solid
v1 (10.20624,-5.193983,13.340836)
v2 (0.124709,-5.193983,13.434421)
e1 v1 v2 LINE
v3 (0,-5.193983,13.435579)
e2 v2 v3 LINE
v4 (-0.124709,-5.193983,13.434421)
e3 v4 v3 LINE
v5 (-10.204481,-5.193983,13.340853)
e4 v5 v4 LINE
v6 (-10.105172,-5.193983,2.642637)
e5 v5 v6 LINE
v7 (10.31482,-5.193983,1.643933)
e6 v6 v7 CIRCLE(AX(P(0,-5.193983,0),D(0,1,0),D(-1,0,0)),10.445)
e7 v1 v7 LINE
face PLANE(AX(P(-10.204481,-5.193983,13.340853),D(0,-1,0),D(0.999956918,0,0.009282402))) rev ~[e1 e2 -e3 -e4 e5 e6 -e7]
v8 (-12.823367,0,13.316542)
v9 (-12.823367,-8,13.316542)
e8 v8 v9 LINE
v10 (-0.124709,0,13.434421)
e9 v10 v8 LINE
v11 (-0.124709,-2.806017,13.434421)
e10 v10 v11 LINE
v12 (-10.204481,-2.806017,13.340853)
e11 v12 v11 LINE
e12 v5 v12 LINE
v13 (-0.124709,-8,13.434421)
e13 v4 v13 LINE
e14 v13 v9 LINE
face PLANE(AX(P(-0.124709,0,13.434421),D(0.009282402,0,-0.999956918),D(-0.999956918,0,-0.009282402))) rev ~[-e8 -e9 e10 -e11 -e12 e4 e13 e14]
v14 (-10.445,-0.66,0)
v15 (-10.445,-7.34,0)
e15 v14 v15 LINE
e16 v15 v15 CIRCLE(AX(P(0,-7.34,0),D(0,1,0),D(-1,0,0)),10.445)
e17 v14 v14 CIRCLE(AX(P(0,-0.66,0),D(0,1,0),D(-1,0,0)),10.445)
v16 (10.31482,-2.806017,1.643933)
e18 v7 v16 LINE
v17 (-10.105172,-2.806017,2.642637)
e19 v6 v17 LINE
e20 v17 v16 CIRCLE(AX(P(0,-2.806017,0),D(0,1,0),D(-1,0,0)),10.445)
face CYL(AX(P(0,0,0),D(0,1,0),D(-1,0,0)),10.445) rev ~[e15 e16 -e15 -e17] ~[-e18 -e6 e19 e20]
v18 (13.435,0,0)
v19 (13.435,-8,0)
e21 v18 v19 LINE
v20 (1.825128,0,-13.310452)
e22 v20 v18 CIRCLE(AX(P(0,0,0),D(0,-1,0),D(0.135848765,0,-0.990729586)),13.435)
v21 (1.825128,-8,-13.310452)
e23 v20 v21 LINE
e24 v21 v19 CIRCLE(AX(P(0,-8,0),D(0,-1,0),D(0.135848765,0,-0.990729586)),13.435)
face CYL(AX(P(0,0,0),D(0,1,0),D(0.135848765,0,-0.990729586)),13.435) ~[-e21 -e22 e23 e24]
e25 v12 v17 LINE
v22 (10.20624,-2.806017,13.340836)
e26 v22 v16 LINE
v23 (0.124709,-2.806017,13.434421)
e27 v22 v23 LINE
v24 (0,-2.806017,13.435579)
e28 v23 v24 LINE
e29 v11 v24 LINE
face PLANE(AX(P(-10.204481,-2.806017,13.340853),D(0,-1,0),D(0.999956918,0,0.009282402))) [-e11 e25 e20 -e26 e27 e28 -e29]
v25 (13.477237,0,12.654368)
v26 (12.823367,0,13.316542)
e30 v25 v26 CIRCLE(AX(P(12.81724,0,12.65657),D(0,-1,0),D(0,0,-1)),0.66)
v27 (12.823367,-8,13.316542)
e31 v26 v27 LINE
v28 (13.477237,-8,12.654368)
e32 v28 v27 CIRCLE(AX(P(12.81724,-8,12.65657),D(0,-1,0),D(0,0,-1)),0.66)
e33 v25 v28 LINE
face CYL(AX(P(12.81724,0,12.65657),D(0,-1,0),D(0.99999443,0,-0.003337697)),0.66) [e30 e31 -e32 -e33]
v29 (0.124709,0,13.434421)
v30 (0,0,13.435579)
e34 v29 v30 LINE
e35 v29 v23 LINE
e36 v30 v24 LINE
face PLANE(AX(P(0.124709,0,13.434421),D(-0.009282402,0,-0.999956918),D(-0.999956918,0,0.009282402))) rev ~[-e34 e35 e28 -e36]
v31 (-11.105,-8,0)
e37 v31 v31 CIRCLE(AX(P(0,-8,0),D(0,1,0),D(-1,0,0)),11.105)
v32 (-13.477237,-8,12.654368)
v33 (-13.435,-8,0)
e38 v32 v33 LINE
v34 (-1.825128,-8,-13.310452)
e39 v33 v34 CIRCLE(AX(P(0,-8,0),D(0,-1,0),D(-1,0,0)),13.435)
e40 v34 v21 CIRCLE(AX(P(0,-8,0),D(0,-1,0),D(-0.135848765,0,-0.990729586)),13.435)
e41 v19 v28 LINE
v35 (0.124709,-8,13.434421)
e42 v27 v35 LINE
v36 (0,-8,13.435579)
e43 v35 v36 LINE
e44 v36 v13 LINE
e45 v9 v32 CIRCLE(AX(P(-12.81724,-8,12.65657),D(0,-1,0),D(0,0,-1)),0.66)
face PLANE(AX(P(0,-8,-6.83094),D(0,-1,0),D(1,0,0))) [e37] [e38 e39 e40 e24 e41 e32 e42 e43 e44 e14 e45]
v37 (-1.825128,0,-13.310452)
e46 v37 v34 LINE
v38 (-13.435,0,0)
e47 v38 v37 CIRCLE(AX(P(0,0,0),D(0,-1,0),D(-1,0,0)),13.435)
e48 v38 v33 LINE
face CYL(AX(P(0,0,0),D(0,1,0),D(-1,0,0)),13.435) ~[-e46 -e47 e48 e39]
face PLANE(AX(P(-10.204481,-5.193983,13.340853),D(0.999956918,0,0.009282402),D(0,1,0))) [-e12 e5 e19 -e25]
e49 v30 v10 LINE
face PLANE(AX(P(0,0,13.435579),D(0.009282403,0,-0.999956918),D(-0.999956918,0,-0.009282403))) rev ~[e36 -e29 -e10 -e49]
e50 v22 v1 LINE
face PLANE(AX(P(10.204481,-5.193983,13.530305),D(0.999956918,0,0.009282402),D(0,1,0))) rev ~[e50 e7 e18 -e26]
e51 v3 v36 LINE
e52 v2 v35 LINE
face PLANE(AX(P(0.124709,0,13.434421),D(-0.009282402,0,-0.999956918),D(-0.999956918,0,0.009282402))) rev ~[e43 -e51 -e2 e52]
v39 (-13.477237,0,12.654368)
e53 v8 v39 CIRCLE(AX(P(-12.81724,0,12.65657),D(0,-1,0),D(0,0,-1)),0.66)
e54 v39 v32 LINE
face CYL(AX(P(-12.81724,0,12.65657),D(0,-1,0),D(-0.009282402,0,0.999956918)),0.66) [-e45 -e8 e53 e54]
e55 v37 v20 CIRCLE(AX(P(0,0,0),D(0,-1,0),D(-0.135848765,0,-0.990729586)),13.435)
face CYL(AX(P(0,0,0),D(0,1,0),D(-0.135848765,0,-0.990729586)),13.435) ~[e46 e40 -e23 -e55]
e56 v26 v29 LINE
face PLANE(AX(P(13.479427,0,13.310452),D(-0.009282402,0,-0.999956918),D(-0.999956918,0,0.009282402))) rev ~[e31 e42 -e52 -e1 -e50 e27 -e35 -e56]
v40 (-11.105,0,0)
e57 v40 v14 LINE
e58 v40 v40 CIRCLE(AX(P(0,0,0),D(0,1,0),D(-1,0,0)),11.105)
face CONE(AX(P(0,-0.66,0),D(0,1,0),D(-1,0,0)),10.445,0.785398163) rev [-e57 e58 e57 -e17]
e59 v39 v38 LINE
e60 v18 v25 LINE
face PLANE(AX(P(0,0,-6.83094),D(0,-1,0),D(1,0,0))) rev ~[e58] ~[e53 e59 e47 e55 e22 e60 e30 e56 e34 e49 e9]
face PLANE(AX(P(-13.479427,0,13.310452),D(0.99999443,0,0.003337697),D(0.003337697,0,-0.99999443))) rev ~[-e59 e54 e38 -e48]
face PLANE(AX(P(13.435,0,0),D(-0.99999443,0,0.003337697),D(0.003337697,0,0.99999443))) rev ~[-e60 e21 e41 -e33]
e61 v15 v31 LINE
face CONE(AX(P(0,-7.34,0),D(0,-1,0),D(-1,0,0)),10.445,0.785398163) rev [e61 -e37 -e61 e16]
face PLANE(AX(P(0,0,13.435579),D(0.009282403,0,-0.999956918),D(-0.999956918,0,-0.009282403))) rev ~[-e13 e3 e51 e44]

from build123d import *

# Parameters (mm, degrees)
F1_DEPTH = 8
F2_W     = 20.4098413018
F2_H     = 2.387965478
F3_DEPTH = 13.1
F4_R     = 0.66
F5_SIZE  = 0.66


with BuildPart() as f1:
    # F0 (on Front) → F1 (new body)
    with BuildSketch(Plane.XZ):
        with BuildLine():
            Line((13.435, 0), (10.445, 0))
            ThreePointArc((10.445, 0), (0, -10.445), (-10.445, 0))
            Line((-10.445, 0), (-13.435, 0))
            ThreePointArc((-13.435, 0), (-10.1247178165, -8.8311558777), (-1.8251281523, -13.3104519919))
            Line((-1.8251281523, -13.3104519919), (1.8251281523, -13.3104519919))
            ThreePointArc((1.8251281523, -13.3104519919), (10.1247178165, -8.8311558777), (13.435, 0))
        make_face()
        with BuildLine():
            ThreePointArc((-10.445, 0), (0, 10.445), (10.445, 0))
            Line((10.445, 0), (13.435, 0))
            ThreePointArc((13.435, 0), (10.1247178165, 8.8311558777), (1.8251281523, 13.3104519919))
            Line((1.8251281523, 13.3104519919), (-1.8251281523, 13.3104519919))
            ThreePointArc((-1.8251281523, 13.3104519919), (-10.1247178165, 8.8311558777), (-13.435, 0))
            Line((-13.435, 0), (-10.445, 0))
        make_face()
        with BuildLine():
            ThreePointArc((1.8251281523, 13.3104519919), (10.1247178165, 8.8311558777), (13.435, 0))
            Line((13.435, 0), (13.4794265032, 13.3104519919))
            Line((13.4794265032, 13.3104519919), (1.8251281523, 13.3104519919))
        make_face()
        with BuildLine():
            Line((-13.4794265032, 13.3104519919), (-13.435, 0))
            ThreePointArc((-13.435, 0), (-10.1247178165, 8.8311558777), (-1.8251281523, 13.3104519919))
            Line((-1.8251281523, 13.3104519919), (-13.4794265032, 13.3104519919))
        make_face()
        with BuildLine():
            ThreePointArc((-1.8251281523, -13.3104519919), (0, -13.435), (1.8251281523, -13.3104519919))
            Line((1.8251281523, -13.3104519919), (-1.8251281523, -13.3104519919))
        make_face()
        with BuildLine():
            Line((-1.8251281523, 13.3104519919), (1.8251281523, 13.3104519919))
            ThreePointArc((1.8251281523, 13.3104519919), (0.9768871079, 13.3994371739), (0.1247091036, 13.4344211874))
            ThreePointArc((0.1247091036, 13.4344211874), (2e-08, 13.435), (-0.1247090636, 13.4344211877))
            ThreePointArc((-0.1247090636, 13.4344211877), (-0.9768870879, 13.3994371754), (-1.8251281523, 13.3104519919))
        make_face()
        with BuildLine():
            ThreePointArc((0.1247091036, 13.4344211874), (0.9768871079, 13.3994371739), (1.8251281523, 13.3104519919))
            Line((1.8251281523, 13.3104519919), (13.4794265032, 13.3104519919))
            Line((13.4794265032, 13.3104519919), (0.1247091036, 13.4344211874))
        make_face()
        with BuildLine():
            Line((-13.4794265032, 13.3104519919), (-1.8251281523, 13.3104519919))
            ThreePointArc((-1.8251281523, 13.3104519919), (-0.9768870879, 13.3994371754), (-0.1247090636, 13.4344211877))
            Line((-0.1247090636, 13.4344211877), (-13.4794265032, 13.3104519919))
        make_face()
        with BuildLine():
            ThreePointArc((-0.1247090636, 13.4344211877), (2e-08, 13.435), (0.1247091036, 13.4344211874))
            Line((0.1247091036, 13.4344211874), (0, 13.4355788373))
            Line((0, 13.4355788373), (-0.1247090636, 13.4344211877))
        make_face()
    extrude(amount=F1_DEPTH)

    # F2 (on face) → F3 (cut)
    with BuildSketch(Plane(origin=(-0.12470907, 0, 13.4344211877), x_dir=(0.9999569176, 0, 0.0092824019), z_dir=(-0.0092824019, 0, 0.9999569176))):
        with Locations((0.124714443, -4)):
            Rectangle(F2_W, F2_H)
    extrude(amount=-F3_DEPTH, mode=Mode.SUBTRACT)

    # F4
    f4_edges = [f1.edges().sort_by_distance(p)[0] for p in [
        (-13.479427, -4, 13.310452),
        (13.479427, -4, 13.310452),
    ]]
    fillet(f4_edges, radius=F4_R)

    # F5
    f5_edges = [f1.edges().sort_by_distance(p)[0] for p in [
        (10.445, 0, 0),
        (10.445, -8, 0),
    ]]
    chamfer(f5_edges, length=F5_SIZE)


solid = f1.part
